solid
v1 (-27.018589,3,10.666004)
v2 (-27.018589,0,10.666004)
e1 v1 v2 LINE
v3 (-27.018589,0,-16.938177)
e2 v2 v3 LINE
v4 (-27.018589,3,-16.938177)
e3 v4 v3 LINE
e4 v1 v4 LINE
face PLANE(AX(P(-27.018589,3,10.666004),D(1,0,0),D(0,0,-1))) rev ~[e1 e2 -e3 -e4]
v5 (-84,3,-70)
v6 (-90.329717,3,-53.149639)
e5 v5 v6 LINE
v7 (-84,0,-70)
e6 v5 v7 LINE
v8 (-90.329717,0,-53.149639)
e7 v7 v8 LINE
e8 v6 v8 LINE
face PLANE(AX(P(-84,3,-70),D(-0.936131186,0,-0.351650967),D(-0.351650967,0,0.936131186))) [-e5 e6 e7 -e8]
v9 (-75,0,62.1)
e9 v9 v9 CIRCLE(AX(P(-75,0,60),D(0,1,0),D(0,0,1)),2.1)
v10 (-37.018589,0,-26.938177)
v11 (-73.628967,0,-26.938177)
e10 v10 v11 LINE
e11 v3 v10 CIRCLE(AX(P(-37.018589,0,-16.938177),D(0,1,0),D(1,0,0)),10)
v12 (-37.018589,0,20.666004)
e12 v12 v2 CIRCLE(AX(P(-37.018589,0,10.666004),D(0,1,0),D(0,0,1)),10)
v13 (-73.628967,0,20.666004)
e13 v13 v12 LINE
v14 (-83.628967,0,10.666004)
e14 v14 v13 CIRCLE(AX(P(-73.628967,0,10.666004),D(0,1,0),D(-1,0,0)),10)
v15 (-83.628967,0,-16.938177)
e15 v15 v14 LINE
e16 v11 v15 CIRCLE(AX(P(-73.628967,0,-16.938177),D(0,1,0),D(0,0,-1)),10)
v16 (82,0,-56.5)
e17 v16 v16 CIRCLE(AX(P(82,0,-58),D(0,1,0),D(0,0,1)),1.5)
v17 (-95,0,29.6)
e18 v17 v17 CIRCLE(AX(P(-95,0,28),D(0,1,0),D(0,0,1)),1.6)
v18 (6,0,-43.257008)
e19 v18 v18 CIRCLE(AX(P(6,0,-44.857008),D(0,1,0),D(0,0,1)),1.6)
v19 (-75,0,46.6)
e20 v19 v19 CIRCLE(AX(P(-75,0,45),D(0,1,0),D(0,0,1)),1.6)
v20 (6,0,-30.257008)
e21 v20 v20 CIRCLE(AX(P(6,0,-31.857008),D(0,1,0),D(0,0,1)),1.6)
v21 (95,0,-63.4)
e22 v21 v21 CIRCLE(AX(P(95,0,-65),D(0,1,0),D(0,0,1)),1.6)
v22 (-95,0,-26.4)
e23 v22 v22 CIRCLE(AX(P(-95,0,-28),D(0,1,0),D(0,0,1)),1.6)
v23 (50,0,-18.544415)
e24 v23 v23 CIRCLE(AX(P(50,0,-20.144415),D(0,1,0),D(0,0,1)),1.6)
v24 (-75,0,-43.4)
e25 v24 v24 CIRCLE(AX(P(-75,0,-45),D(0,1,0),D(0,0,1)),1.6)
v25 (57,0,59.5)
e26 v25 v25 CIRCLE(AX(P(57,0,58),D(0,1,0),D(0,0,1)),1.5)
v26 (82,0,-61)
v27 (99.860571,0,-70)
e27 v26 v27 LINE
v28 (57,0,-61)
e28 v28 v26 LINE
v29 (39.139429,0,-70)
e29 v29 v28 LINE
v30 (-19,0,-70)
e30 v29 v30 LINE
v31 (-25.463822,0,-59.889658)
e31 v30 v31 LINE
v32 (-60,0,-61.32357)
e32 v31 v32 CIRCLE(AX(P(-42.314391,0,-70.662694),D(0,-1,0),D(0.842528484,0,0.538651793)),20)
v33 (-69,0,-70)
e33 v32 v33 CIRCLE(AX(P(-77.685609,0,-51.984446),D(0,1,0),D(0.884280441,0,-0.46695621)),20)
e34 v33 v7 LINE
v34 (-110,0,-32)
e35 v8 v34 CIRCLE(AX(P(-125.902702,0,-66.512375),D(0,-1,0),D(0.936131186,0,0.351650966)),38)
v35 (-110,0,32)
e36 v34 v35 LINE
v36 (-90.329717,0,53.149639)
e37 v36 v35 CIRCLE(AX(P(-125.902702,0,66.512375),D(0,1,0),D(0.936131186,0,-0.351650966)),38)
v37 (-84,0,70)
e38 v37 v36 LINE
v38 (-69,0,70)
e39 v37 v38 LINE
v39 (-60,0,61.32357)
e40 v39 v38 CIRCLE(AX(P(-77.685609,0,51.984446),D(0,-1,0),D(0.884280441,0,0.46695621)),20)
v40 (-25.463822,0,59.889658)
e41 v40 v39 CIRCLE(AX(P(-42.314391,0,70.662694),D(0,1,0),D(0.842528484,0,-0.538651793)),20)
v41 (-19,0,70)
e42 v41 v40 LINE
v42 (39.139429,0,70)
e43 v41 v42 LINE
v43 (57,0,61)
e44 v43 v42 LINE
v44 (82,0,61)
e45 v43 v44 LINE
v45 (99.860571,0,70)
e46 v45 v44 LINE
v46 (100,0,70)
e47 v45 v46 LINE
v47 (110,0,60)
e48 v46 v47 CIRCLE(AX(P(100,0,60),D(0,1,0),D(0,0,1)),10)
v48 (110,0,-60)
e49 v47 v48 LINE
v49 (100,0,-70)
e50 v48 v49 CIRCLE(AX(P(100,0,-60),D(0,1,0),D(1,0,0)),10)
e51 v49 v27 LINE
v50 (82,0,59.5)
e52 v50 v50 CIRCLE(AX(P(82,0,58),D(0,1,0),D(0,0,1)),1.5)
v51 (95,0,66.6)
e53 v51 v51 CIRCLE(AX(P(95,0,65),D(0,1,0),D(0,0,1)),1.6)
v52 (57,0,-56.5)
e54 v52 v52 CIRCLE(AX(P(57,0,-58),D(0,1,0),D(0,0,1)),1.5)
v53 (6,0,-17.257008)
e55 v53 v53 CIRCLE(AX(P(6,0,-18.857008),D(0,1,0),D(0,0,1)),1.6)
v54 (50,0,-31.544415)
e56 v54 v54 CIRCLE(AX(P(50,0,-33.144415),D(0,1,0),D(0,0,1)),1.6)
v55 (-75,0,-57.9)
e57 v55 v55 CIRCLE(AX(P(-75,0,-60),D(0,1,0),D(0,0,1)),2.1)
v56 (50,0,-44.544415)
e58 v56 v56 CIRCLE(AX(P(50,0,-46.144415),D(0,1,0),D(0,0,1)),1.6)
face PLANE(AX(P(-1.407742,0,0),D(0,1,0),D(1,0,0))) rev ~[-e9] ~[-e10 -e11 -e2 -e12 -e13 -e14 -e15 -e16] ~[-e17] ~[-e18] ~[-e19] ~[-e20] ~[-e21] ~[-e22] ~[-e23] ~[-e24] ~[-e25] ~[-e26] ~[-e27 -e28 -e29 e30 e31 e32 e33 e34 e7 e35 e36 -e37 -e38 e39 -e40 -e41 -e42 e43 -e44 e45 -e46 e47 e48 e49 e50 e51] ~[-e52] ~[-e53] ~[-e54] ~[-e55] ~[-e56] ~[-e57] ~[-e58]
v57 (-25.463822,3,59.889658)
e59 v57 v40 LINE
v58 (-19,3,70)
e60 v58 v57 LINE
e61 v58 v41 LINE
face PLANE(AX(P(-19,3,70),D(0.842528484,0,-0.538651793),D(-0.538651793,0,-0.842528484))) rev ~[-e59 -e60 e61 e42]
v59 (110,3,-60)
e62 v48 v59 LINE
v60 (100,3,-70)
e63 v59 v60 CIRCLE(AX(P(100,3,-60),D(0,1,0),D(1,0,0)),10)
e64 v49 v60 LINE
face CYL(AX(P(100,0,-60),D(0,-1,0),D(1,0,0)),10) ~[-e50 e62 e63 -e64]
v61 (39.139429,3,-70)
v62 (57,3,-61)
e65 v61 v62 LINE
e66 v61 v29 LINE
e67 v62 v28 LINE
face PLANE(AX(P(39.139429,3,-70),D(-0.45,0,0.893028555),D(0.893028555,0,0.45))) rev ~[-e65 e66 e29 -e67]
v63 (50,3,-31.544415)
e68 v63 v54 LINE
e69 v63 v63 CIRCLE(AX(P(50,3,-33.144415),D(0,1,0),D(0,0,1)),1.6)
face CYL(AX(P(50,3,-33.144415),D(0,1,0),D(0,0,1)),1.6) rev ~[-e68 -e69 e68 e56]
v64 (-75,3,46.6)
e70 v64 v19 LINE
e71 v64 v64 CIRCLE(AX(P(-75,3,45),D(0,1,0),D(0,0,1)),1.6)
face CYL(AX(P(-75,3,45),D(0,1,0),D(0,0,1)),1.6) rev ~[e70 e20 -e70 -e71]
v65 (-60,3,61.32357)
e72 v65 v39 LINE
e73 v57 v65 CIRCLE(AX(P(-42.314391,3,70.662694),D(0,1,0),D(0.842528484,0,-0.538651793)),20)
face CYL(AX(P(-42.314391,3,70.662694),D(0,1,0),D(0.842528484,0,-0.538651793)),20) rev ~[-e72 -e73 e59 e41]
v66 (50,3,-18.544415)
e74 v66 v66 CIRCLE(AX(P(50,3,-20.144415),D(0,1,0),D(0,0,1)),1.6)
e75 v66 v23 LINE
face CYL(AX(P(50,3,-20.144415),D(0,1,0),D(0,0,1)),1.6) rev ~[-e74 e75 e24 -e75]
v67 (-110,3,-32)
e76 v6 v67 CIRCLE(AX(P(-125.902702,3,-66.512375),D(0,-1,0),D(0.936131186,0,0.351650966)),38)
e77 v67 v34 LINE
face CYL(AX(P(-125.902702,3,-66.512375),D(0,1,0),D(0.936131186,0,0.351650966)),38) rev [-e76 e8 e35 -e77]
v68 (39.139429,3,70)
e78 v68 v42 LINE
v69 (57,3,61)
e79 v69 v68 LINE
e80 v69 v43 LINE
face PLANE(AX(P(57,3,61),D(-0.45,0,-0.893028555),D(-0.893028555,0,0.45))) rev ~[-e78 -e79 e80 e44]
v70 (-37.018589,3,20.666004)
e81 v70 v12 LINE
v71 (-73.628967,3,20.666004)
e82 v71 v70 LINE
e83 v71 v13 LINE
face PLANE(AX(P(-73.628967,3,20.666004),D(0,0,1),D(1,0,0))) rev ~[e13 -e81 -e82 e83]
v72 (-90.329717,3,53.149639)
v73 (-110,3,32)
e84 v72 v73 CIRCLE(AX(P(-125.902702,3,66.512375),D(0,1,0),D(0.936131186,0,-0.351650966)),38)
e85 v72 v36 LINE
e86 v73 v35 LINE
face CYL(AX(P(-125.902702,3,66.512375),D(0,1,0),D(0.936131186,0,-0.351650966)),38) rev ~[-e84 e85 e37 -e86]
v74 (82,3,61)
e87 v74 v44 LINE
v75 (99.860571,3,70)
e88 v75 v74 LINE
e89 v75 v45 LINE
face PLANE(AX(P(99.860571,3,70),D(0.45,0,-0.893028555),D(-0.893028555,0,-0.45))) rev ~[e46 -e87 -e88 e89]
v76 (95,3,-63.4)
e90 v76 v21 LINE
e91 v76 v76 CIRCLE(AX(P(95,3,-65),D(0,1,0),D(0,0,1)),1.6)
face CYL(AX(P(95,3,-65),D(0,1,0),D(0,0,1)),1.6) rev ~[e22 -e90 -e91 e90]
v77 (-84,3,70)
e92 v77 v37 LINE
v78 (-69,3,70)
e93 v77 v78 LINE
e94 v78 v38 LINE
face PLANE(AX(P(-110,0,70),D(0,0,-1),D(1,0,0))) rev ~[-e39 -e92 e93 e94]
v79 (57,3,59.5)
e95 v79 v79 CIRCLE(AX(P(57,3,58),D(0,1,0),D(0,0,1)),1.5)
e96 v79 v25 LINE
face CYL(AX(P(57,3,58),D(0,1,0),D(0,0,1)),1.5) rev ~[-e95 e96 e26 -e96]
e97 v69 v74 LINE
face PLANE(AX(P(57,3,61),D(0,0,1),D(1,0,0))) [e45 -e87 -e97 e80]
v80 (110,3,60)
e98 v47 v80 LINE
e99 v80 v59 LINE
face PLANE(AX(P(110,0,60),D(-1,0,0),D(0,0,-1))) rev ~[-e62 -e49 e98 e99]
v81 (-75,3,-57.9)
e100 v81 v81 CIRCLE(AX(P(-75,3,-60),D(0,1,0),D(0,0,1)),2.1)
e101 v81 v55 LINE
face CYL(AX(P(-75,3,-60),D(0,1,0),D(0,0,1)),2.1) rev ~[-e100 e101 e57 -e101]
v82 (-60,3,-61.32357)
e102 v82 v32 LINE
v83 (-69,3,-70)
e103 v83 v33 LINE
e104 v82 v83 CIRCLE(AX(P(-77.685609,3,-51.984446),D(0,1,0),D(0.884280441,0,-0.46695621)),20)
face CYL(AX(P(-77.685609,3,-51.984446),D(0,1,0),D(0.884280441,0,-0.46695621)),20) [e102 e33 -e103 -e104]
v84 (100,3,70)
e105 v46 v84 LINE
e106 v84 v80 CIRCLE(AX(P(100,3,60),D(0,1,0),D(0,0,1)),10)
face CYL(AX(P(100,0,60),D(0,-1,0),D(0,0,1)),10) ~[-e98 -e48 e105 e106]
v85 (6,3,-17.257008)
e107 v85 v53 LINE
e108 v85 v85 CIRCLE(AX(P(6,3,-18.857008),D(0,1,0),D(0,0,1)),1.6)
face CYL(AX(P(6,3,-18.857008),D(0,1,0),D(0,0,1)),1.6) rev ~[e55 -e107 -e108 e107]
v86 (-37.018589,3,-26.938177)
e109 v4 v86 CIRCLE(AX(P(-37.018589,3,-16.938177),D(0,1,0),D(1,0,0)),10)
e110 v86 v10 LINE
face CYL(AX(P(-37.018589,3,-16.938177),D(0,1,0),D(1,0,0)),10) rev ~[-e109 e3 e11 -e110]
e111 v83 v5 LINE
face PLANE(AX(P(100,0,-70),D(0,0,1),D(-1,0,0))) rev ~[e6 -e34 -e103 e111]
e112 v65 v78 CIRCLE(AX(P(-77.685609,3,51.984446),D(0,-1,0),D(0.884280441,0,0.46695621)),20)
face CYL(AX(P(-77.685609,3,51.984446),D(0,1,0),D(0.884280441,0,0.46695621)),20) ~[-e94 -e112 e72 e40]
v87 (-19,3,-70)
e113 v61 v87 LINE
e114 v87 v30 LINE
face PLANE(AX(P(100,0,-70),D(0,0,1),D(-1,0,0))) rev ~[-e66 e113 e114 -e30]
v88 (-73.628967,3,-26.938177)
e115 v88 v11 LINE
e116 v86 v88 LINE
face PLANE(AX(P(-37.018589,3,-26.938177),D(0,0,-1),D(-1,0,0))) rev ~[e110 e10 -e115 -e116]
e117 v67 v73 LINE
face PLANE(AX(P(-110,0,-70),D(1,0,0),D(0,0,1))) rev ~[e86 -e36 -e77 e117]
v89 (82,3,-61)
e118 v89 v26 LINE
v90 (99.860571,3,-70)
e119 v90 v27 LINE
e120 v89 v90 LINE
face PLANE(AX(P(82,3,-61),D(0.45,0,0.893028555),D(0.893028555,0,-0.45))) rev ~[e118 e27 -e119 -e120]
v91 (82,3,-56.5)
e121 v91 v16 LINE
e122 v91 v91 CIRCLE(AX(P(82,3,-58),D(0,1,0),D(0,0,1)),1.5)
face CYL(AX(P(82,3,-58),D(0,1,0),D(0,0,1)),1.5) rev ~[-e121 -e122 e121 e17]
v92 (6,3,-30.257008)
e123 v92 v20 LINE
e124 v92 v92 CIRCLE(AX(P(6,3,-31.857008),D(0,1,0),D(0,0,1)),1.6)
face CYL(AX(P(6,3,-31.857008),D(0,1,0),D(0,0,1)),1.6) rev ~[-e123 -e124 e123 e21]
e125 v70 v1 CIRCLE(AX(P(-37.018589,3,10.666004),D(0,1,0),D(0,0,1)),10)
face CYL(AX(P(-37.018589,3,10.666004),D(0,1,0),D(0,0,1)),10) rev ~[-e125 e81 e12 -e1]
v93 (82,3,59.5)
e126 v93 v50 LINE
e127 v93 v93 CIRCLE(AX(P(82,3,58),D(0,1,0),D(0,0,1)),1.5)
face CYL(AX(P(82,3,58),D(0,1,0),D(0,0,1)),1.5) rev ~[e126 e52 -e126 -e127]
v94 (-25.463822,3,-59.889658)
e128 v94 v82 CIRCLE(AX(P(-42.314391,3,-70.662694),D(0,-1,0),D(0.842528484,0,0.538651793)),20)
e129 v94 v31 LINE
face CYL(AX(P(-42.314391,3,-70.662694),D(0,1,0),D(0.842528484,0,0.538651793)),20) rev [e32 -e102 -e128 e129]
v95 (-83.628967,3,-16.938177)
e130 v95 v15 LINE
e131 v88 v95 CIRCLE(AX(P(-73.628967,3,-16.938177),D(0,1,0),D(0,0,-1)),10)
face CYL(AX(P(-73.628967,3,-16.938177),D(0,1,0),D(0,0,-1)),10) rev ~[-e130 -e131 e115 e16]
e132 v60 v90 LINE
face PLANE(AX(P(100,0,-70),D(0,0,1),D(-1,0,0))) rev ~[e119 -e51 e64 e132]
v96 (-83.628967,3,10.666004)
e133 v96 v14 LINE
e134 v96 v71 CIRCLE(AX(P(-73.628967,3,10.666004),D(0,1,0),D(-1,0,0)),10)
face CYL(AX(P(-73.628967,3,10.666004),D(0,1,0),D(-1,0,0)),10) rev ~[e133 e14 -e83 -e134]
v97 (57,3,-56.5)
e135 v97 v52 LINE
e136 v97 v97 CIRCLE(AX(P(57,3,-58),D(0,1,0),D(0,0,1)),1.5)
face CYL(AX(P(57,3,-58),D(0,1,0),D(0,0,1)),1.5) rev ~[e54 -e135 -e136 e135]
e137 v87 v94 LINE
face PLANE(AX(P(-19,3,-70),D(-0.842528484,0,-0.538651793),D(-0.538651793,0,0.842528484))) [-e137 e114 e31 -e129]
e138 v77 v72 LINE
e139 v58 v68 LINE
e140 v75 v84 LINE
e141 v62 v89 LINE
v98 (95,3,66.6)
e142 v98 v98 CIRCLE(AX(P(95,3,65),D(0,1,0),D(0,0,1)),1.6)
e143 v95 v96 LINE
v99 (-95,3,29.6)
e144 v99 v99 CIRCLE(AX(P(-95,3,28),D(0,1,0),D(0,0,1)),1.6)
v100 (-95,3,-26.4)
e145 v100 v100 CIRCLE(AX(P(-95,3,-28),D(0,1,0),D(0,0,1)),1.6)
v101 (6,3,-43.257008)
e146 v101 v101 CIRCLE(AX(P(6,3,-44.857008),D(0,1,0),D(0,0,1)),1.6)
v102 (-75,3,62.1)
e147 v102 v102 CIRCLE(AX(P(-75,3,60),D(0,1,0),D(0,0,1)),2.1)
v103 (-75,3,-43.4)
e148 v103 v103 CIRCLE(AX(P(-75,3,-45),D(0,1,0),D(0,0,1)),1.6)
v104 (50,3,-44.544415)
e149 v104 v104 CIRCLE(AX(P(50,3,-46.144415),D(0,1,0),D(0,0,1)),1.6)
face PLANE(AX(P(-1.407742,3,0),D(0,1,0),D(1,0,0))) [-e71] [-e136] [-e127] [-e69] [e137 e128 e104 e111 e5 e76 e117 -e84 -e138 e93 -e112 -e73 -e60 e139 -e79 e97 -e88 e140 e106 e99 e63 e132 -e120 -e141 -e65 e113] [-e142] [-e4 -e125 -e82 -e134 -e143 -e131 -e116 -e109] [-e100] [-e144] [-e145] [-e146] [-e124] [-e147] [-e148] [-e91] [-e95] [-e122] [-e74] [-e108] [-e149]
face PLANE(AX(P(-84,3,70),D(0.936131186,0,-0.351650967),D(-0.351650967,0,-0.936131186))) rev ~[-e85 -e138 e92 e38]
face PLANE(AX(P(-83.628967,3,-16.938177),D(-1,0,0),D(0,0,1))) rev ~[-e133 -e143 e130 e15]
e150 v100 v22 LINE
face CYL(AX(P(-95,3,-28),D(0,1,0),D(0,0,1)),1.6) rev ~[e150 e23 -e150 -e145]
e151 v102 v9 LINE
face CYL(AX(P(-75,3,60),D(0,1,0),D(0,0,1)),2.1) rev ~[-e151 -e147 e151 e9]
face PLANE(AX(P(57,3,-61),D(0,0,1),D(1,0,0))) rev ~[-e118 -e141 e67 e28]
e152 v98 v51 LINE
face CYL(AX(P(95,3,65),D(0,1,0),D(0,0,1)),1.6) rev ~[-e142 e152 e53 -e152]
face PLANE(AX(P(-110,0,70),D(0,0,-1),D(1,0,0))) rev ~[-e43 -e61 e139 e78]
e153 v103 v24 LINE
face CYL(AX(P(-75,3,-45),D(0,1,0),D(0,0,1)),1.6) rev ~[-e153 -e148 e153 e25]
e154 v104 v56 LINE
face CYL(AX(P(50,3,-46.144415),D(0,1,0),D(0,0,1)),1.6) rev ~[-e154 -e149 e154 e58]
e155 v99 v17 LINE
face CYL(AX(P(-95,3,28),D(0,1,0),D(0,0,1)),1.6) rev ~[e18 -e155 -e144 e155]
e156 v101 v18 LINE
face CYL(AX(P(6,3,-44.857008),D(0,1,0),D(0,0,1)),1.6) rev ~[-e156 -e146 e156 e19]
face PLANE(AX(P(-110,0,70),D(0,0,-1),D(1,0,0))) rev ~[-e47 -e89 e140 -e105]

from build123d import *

# Parameters (mm, degrees)
Y_KSEKLIK_EKSTR_ZYON3_DEPTH = 3
KES_EKSTR_ZYON10_DEPTH      = 3
KES_EKSTR_ZYON11_DEPTH      = 3
KES_EKSTR_ZYON14_DEPTH      = 3
KES_EKSTR_ZYON15_DEPTH      = 3
IZIM25_R                    = 1.6
KES_EKSTR_ZYON16_DEPTH      = 10
IZIM33_R                    = 2.1
IZIM33_R_2                  = 1.6
KES_EKSTR_ZYON18_DEPTH      = 3
IZIM34_R                    = 1.6
KES_EKSTR_ZYON19_DEPTH      = 10
KES_EKSTR_ZYON21_DEPTH      = 10
IZIM38_R                    = 1.5
KES_EKSTR_ZYON22_DEPTH      = 10
IZIM39_W                    = 25
IZIM39_H                    = 9
KES_EKSTR_ZYON23_DEPTH      = 10
IZIM40_R                    = 1.6
KES_EKSTR_ZYON24_DEPTH      = 100


with BuildPart() as part:
    # Çizim16 → Yükseklik-Ekstrüzyon3 (new body)
    with BuildSketch(Plane(origin=(0, 0, 0), x_dir=(1, 0, 0), z_dir=(0, 1, 0))):
        with BuildLine():
            Line((-110, -70), (100, -70))
            ThreePointArc((100, -70), (107.071067812, -67.071067812), (110, -60))
            Line((110, -60), (110, 60))
            ThreePointArc((110, 60), (107.071067812, 67.071067812), (100, 70))
            Line((100, 70), (-110, 70))
            Line((-110, 70), (-110, -70))
        make_face()
    extrude(amount=Y_KSEKLIK_EKSTR_ZYON3_DEPTH)

    # Çizim18 → Kes-Ekstrüzyon10 (cut)
    with BuildSketch(Plane(origin=(0, 3, 0), x_dir=(1, 0, 0), z_dir=(0, 1, 0))):
        with BuildLine():
            Line((-19, 70), (-25.463821511, 59.889658192))
            ThreePointArc((-25.463821511, 59.889658192), (-43.144058736, 50.67991016), (-60, 61.323569832))
            ThreePointArc((-60, 61.323569832), (-63.804672609, 66.383043129), (-69, 70))
            Line((-69, 70), (-19, 70))
        make_face()
    extrude(amount=-KES_EKSTR_ZYON10_DEPTH, mode=Mode.SUBTRACT)

    # Çizim19 → Kes-Ekstrüzyon11 (cut)
    with BuildSketch(Plane(origin=(0, 3, 0), x_dir=(1, 0, 0), z_dir=(0, 1, 0))):
        with BuildLine():
            Line((-19, -70), (-25.463821511, -59.889658192))
            ThreePointArc((-25.463821511, -59.889658192), (-43.144058736, -50.67991016), (-60, -61.323569832))
            ThreePointArc((-60, -61.323569832), (-63.804672609, -66.383043129), (-69, -70))
            Line((-69, -70), (-19, -70))
        make_face()
    extrude(amount=-KES_EKSTR_ZYON11_DEPTH, mode=Mode.SUBTRACT)

    # Çizim23 → Kes-Ekstrüzyon14 (cut)
    with BuildSketch(Plane(origin=(0, 3, 0), x_dir=(1, 0, 0), z_dir=(0, 1, 0))):
        with BuildLine():
            Line((-84, -70), (-90.329717397, -53.149638649))
            ThreePointArc((-90.329717397, -53.149638649), (-98.077113424, -40.633105793), (-110, -32))
            Line((-110, -32), (-110, -70))
            Line((-110, -70), (-84, -70))
        make_face()
    extrude(amount=-KES_EKSTR_ZYON14_DEPTH, mode=Mode.SUBTRACT)

    # Çizim24 → Kes-Ekstrüzyon15 (cut)
    with BuildSketch(Plane(origin=(0, 3, 0), x_dir=(1, 0, 0), z_dir=(0, 1, 0))):
        with BuildLine():
            Line((-84, 70), (-90.329717397, 53.149638649))
            ThreePointArc((-90.329717397, 53.149638649), (-98.077113424, 40.633105793), (-110, 32))
            Line((-110, 32), (-110, 70))
            Line((-110, 70), (-84, 70))
        make_face()
    extrude(amount=-KES_EKSTR_ZYON15_DEPTH, mode=Mode.SUBTRACT)

    # Çizim25 → Kes-Ekstrüzyon16 (cut)
    with BuildSketch(Plane(origin=(0, 3, 0), x_dir=(1, 0, 0), z_dir=(0, 1, 0))):
        with Locations(Location((-95, 28, 0), (0, 0, 270))):
            Circle(IZIM25_R)
        with Locations(Location((-95, -28, 0), (0, 0, 270))):
            Circle(IZIM25_R)
    extrude(amount=-KES_EKSTR_ZYON16_DEPTH, mode=Mode.SUBTRACT)

    # Çizim33 → Kes-Ekstrüzyon18 (cut)
    with BuildSketch(Plane(origin=(0, 3, 0), x_dir=(1, 0, 0), z_dir=(0, 1, 0))):
        with Locations(Location((-75, -60, 0), (0, 0, 270))):
            Circle(IZIM33_R)
        with Locations(Location((-75, 60, 0), (0, 0, 270))):
            Circle(IZIM33_R)
        with Locations(Location((-75, 45, 0), (0, 0, 270))):
            Circle(IZIM33_R_2)
        with Locations(Location((-75, -45, 0), (0, 0, 270))):
            Circle(IZIM33_R_2)
    extrude(amount=-KES_EKSTR_ZYON18_DEPTH, mode=Mode.SUBTRACT)

    # Çizim34 → Kes-Ekstrüzyon19 (cut)
    with BuildSketch(Plane(origin=(0, 3, 0), x_dir=(1, 0, 0), z_dir=(0, 1, 0))):
        with Locations(Location((95, -65, 0), (0, 0, 270))):
            Circle(IZIM34_R)
        with Locations(Location((95, 65, 0), (0, 0, 270))):
            Circle(IZIM34_R)
    extrude(amount=-KES_EKSTR_ZYON19_DEPTH, mode=Mode.SUBTRACT)

    # Çizim37 → Kes-Ekstrüzyon21 (cut)
    with BuildSketch(Plane(origin=(0, 3, 0), x_dir=(1, 0, 0), z_dir=(0, 1, 0))):
        with BuildLine():
            Line((-73.628967409, -20.666004446), (-37.018589471, -20.666004446))
            ThreePointArc((-37.018589471, -20.666004446), (-29.947521659, -17.737072258), (-27.018589471, -10.666004446))
            Line((-27.018589471, -10.666004446), (-27.018589471, 16.938177002))
            ThreePointArc((-27.018589471, 16.938177002), (-29.947521659, 24.009244814), (-37.018589471, 26.938177002))
            Line((-37.018589471, 26.938177002), (-73.628967409, 26.938177002))
            ThreePointArc((-73.628967409, 26.938177002), (-80.700035221, 24.009244814), (-83.628967409, 16.938177002))
            Line((-83.628967409, 16.938177002), (-83.628967409, -10.666004446))
            ThreePointArc((-83.628967409, -10.666004446), (-80.700035221, -17.737072258), (-73.628967409, -20.666004446))
        make_face()
    extrude(amount=-KES_EKSTR_ZYON21_DEPTH, mode=Mode.SUBTRACT)

    # Çizim38 → Kes-Ekstrüzyon22 (cut)
    with BuildSketch(Plane(origin=(0, 3, 0), x_dir=(1, 0, 0), z_dir=(0, 1, 0))):
        with Locations(Location((57, -58, 0), (0, 0, 270))):
            Circle(IZIM38_R)
        with Locations(Location((82, -58, 0), (0, 0, 270))):
            Circle(IZIM38_R)
        with Locations(Location((57, 58, 0), (0, 0, 270))):
            Circle(IZIM38_R)
        with Locations(Location((82, 58, 0), (0, 0, 270))):
            Circle(IZIM38_R)
    extrude(amount=-KES_EKSTR_ZYON22_DEPTH, mode=Mode.SUBTRACT)

    # Çizim39 → Kes-Ekstrüzyon23 (cut)
    with BuildSketch(Plane(origin=(0, 3, 0), x_dir=(1, 0, 0), z_dir=(0, 1, 0))):
        with Locations((69.5, -65.5)):
            Rectangle(IZIM39_W, IZIM39_H)
        Polygon((57, -70), (57, -61), (39.139428901, -70), align=None)
        Polygon((99.860571099, -70), (82, -61), (82, -70), align=None)
        Polygon((57, 61), (57, 70), (39.139428901, 70), align=None)
        with Locations((69.5, 65.5)):
            Rectangle(IZIM39_W, IZIM39_H)
        Polygon((99.860571099, 70), (82, 70), (82, 61), align=None)
    extrude(amount=-KES_EKSTR_ZYON23_DEPTH, mode=Mode.SUBTRACT)

    # Çizim40 → Kes-Ekstrüzyon24 (cut)
    with BuildSketch(Plane(origin=(0, 3, 0), x_dir=(-1, 0, 0), z_dir=(0, 1, 0))):
        with Locations(Location((-6, -44.857008165, 0), (0, 0, 90))):
            Circle(IZIM40_R)
        with Locations(Location((-50, -46.144414684, 0), (0, 0, 90))):
            Circle(IZIM40_R)
        with Locations(Location((-50, -33.144414684, 0), (0, 0, 90))):
            Circle(IZIM40_R)
        with Locations(Location((-6, -31.857008165, 0), (0, 0, 90))):
            Circle(IZIM40_R)
        with Locations(Location((-50, -20.144414684, 0), (0, 0, 90))):
            Circle(IZIM40_R)
        with Locations(Location((-6, -18.857008165, 0), (0, 0, 90))):
            Circle(IZIM40_R)
    extrude(amount=-KES_EKSTR_ZYON24_DEPTH, mode=Mode.SUBTRACT)


solid = part.part
